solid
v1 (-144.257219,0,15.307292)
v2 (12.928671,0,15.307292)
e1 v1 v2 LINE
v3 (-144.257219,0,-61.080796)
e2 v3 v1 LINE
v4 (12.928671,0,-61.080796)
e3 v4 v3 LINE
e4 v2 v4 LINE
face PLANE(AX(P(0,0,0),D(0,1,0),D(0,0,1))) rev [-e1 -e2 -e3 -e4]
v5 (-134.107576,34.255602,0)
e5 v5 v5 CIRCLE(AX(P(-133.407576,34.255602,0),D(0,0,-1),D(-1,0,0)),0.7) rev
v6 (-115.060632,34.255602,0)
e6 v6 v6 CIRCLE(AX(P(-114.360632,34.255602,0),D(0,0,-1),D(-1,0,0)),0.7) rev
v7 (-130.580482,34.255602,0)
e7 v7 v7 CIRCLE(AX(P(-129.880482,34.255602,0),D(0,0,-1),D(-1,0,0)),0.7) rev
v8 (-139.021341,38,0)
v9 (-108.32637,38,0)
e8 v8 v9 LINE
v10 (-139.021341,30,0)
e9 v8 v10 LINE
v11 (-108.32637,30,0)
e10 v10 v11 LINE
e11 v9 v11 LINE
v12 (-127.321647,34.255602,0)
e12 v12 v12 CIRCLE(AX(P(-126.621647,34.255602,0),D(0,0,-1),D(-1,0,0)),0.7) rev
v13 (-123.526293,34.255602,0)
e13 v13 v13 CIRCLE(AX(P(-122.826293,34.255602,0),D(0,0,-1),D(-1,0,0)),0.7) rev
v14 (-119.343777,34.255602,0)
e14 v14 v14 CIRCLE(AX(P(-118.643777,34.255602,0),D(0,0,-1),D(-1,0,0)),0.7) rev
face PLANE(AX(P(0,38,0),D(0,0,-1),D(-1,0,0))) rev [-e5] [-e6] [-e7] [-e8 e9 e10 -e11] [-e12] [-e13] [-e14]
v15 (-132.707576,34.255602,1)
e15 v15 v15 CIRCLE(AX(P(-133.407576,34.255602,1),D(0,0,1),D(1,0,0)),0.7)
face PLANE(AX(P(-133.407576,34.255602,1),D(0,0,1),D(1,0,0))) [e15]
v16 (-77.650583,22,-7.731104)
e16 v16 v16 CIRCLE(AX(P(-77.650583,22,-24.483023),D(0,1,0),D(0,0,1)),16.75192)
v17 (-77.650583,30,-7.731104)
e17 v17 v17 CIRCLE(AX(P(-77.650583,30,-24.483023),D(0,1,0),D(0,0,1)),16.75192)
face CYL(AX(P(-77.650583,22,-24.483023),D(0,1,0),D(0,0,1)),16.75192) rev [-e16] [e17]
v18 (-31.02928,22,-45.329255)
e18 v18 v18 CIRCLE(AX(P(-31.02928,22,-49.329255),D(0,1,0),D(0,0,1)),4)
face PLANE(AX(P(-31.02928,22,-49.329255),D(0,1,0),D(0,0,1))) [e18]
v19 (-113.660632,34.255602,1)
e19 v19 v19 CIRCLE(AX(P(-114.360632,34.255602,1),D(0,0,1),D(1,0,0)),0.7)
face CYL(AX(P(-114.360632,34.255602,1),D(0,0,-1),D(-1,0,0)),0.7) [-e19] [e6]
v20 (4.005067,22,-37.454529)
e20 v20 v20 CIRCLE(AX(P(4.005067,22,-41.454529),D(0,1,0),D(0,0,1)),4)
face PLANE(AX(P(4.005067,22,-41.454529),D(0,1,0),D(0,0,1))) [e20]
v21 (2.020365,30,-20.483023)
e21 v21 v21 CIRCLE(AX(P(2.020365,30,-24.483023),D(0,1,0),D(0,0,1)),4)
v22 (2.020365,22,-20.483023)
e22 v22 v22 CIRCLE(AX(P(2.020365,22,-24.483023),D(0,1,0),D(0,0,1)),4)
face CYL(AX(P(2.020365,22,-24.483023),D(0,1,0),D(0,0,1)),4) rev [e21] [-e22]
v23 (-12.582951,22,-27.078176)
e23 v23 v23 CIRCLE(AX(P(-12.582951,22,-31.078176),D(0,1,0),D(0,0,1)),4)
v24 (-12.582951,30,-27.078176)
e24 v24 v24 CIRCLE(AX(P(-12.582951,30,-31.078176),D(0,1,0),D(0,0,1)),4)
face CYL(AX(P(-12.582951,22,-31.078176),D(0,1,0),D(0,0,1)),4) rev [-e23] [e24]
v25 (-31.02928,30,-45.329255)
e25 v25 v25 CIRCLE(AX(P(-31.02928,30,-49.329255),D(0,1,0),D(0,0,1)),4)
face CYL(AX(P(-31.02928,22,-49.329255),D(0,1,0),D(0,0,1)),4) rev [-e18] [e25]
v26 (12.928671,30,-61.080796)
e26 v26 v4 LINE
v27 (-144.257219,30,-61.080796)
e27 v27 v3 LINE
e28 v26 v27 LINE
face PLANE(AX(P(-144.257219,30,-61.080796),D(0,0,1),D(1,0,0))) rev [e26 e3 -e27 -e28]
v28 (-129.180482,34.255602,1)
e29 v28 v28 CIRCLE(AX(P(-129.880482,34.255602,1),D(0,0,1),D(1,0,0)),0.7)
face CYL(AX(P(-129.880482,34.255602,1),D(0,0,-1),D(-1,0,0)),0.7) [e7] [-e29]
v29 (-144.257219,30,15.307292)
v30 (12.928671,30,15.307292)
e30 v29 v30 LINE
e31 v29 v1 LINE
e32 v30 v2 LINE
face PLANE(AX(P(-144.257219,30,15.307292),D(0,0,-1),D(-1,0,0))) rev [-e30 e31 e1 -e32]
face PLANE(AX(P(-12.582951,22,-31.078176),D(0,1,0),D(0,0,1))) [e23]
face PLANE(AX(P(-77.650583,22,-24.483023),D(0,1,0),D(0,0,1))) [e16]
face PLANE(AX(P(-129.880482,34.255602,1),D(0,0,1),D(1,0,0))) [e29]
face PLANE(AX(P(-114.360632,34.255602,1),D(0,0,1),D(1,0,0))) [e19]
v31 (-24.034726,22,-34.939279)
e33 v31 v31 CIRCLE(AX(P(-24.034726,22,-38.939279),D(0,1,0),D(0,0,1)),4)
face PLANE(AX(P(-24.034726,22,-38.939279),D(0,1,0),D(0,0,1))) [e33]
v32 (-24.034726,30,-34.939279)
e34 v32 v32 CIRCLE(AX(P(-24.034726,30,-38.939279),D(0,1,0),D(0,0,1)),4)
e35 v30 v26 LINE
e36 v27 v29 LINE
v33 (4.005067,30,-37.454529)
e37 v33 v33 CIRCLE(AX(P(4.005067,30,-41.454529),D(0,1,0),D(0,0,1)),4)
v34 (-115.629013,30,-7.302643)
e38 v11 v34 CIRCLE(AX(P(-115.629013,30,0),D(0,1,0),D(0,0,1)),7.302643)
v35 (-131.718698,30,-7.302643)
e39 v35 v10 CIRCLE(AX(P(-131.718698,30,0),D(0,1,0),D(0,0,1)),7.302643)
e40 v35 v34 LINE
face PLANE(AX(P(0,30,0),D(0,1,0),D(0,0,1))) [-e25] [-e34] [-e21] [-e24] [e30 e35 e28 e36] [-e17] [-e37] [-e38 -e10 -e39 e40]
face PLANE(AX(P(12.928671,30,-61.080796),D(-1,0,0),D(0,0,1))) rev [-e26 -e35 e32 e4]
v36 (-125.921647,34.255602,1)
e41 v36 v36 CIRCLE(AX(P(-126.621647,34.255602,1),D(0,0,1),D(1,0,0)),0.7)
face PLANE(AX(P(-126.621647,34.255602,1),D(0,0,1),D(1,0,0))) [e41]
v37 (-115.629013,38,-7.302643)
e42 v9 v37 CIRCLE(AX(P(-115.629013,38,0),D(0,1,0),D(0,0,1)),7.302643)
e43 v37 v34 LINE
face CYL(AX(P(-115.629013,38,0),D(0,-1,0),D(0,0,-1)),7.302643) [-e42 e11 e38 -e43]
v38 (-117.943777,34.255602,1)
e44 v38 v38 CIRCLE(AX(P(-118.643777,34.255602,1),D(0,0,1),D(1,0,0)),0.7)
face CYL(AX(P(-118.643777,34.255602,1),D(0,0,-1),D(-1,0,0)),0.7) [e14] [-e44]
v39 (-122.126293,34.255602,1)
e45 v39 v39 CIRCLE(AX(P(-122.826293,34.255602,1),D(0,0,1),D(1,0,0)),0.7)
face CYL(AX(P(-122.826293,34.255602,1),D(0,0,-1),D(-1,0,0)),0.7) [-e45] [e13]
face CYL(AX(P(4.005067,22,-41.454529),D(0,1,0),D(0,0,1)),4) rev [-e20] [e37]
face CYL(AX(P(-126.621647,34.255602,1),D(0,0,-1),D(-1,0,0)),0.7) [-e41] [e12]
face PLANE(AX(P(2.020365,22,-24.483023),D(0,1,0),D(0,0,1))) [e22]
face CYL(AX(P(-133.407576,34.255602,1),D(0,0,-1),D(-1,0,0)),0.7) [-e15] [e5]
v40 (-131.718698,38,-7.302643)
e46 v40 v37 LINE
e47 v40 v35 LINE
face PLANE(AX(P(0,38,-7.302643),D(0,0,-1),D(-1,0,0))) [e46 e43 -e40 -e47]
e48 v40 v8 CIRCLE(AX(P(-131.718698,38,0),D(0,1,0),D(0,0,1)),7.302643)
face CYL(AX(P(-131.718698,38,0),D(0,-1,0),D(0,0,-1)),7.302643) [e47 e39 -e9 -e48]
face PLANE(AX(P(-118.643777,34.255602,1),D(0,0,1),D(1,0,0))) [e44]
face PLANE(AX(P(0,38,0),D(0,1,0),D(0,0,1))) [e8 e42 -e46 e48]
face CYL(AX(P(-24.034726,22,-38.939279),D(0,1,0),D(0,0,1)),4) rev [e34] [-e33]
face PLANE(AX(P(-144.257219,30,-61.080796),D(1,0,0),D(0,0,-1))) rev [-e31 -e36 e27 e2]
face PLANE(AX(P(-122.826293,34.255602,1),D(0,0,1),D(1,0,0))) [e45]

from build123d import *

# Parameters (mm, degrees)
SKETCH1_W           = 157.185890266
SKETCH1_H           = 76.388087763
BOSS_EXTRUDE1_DEPTH = 30
SKETCH2_R           = 4
SKETCH2_R_2         = 16.751919573
CUT_EXTRUDE1_DEPTH  = 8
BOSS_EXTRUDE5_DEPTH = 8
SKETCH8_R           = 0.7
BOSS_EXTRUDE6_DEPTH = 1


with BuildPart() as part:
    # Sketch1 → Boss-Extrude1 (new body)
    with BuildSketch(Plane(origin=(0, 0, 0), x_dir=(1, 0, 0), z_dir=(0, 1, 0))):
        with Locations((-65.664274203, 22.88675236)):
            Rectangle(SKETCH1_W, SKETCH1_H)
    extrude(amount=BOSS_EXTRUDE1_DEPTH)

    # Sketch2 → Cut-Extrude1 (cut)
    with BuildSketch(Plane(origin=(0, 30, 0), x_dir=(1, 0, 0), z_dir=(0, 1, 0))):
        with Locations((2.020364903, 24.483023403)):
            Circle(SKETCH2_R)
        with Locations((-12.582950978, 31.07817581)):
            Circle(SKETCH2_R)
        with Locations((-24.034725928, 38.939278582)):
            Circle(SKETCH2_R)
        with Locations((-31.0292801, 49.329254707)):
            Circle(SKETCH2_R)
        with Locations((4.005067314, 41.454528732)):
            Circle(SKETCH2_R)
        with Locations((-77.650582925, 24.483023403)):
            Circle(SKETCH2_R_2)
    extrude(amount=-CUT_EXTRUDE1_DEPTH, mode=Mode.SUBTRACT)

    # Sketch3 → Boss-Extrude5 (add)
    with BuildSketch(Plane(origin=(0, 30, 0), x_dir=(1, 0, 0), z_dir=(0, 1, 0))):
        with BuildLine():
            Line((-115.629013378, 7.30264293), (-131.71869807, 7.30264293))
            ThreePointArc((-131.71869807, 7.30264293), (-136.882446407, 5.163748337), (-139.021341, 0))
            Line((-139.021341, 0), (-108.326370448, 0))
            ThreePointArc((-108.326370448, 0), (-110.465265042, 5.163748337), (-115.629013378, 7.30264293))
        make_face()
    extrude(amount=BOSS_EXTRUDE5_DEPTH)

    # Sketch8 → Boss-Extrude6 (add)
    with BuildSketch(Plane.XY):
        with Locations((-133.40757623, 34.255602161)):
            Circle(SKETCH8_R)
        with Locations((-129.880481724, 34.255602161)):
            Circle(SKETCH8_R)
        with Locations((-126.621646944, 34.255602161)):
            Circle(SKETCH8_R)
        with Locations((-122.826292713, 34.255602161)):
            Circle(SKETCH8_R)
        with Locations((-118.643776602, 34.255602161)):
            Circle(SKETCH8_R)
        with Locations((-114.360631583, 34.255602161)):
            Circle(SKETCH8_R)
    extrude(amount=BOSS_EXTRUDE6_DEPTH)


solid = part.part
